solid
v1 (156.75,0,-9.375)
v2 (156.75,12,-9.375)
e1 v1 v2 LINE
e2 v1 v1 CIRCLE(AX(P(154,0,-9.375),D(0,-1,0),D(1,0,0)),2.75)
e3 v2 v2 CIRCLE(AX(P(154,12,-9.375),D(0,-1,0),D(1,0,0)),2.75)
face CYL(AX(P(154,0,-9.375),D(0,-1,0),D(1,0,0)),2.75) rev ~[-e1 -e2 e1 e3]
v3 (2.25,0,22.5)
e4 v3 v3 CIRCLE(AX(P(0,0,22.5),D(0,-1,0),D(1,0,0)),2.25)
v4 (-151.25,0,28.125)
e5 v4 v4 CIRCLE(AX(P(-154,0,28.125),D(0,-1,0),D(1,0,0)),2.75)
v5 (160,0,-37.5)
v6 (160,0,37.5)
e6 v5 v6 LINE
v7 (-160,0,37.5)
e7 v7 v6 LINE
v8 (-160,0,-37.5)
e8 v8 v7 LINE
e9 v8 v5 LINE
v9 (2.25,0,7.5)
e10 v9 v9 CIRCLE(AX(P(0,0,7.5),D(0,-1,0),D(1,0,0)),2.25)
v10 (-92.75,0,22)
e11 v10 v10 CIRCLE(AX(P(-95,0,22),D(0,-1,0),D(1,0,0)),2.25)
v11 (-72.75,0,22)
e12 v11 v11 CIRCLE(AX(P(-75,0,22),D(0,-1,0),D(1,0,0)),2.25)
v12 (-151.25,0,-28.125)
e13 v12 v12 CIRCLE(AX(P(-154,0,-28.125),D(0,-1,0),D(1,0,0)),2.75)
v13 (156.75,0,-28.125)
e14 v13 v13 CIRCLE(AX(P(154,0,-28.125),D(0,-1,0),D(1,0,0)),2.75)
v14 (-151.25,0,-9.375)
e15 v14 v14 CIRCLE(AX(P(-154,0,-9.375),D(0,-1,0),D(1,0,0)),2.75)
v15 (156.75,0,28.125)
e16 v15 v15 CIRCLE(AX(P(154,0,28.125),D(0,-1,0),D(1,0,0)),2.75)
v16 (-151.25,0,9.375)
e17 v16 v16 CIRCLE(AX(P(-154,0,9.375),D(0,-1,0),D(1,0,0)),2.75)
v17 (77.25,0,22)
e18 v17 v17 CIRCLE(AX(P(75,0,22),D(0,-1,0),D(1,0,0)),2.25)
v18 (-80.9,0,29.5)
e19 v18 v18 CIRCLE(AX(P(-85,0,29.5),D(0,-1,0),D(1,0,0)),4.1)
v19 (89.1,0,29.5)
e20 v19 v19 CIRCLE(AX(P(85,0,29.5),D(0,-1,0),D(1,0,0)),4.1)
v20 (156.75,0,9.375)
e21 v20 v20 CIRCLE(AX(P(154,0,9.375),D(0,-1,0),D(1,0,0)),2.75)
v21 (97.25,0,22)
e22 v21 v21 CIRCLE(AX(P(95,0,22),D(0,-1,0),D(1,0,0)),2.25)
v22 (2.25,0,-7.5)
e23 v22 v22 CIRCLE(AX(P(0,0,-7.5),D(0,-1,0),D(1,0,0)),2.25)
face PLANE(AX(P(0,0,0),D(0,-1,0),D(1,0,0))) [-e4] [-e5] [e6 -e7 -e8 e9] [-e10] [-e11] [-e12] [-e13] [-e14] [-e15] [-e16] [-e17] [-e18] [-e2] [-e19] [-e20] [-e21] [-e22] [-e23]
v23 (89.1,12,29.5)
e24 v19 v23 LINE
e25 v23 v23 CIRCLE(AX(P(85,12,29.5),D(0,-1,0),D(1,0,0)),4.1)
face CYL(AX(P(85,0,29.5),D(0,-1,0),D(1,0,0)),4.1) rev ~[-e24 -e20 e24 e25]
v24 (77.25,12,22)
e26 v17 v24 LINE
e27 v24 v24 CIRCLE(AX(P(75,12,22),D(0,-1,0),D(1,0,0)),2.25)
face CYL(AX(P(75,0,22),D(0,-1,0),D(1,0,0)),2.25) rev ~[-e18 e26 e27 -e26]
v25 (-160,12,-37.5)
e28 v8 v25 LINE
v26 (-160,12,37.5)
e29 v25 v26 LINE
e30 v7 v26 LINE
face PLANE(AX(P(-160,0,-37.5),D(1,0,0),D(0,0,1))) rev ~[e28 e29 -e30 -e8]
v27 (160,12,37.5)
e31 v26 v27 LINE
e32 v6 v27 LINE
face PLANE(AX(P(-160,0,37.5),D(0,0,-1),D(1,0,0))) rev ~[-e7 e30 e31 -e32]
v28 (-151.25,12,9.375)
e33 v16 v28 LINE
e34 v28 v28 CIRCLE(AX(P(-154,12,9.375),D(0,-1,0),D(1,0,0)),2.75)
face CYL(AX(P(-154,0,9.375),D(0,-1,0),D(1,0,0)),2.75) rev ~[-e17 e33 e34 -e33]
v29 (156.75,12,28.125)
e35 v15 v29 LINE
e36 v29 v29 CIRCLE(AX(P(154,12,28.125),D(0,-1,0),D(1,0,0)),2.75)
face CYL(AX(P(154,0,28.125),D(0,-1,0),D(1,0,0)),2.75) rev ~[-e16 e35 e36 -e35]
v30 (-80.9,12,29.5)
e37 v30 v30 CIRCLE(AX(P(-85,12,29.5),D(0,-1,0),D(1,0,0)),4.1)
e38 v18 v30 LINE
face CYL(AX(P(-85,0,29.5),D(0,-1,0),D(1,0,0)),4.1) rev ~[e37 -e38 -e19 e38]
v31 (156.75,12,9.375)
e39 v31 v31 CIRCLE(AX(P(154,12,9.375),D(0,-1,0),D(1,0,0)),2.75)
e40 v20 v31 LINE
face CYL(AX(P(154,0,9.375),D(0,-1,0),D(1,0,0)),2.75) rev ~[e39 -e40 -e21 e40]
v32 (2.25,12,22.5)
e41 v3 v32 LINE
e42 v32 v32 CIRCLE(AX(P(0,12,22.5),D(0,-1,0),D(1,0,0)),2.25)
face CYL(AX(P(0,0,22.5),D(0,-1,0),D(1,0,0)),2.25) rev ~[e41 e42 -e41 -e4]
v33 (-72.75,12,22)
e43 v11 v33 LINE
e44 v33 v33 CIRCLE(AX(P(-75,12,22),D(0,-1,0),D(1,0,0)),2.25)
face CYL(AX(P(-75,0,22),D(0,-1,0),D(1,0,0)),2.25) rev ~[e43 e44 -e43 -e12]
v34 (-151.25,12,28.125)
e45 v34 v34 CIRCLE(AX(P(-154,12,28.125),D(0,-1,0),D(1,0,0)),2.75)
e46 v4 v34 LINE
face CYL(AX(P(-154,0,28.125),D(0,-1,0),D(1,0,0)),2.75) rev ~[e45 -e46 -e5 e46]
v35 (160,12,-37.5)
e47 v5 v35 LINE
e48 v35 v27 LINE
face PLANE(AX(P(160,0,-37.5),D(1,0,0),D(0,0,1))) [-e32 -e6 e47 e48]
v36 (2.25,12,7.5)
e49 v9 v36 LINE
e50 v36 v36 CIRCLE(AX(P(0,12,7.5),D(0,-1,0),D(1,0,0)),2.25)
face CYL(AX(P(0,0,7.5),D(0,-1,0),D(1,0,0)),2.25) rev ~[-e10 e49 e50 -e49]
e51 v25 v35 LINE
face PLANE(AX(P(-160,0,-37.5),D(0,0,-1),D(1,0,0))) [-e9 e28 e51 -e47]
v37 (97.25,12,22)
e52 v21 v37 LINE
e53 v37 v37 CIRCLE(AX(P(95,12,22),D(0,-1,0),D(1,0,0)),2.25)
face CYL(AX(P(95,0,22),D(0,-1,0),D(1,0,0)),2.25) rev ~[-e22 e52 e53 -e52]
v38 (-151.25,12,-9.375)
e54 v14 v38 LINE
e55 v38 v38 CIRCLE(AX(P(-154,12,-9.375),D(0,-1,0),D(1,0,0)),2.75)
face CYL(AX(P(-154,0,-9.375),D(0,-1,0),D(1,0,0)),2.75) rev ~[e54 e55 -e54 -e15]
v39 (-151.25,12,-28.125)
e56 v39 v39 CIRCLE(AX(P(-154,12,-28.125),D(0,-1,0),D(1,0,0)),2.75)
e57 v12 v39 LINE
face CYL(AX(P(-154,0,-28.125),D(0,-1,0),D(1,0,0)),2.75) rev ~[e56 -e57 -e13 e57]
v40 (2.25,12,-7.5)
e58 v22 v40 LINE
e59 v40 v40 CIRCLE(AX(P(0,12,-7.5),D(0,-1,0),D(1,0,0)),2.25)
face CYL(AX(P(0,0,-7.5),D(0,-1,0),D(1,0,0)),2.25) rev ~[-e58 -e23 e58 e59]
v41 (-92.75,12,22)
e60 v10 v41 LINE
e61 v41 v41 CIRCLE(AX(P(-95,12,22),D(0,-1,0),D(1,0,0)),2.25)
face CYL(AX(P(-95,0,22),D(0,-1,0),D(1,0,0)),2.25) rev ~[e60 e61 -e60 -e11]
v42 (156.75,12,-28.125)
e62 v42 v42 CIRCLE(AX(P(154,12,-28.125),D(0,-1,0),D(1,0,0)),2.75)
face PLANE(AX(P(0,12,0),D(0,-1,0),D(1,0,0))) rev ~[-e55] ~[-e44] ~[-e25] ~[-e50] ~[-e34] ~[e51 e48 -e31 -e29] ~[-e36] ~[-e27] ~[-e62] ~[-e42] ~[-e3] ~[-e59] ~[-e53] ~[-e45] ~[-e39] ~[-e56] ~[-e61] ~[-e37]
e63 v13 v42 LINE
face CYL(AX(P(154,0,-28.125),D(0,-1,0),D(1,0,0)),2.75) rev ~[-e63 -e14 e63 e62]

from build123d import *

# Parameters (mm, degrees)
F0_W     = 320
F0_H     = 75
F0_R     = 2.75
F0_R_2   = 2.25
F0_R_3   = 4.1
F1_DEPTH = 12


with BuildPart() as f1:
    # F0 (on Front) → F1 (new body)
    with BuildSketch(Plane.XZ):
        Rectangle(F0_W, F0_H)
        with Locations((-154, -28.125)):
            Circle(F0_R, mode=Mode.SUBTRACT)
        with Locations((-154, -9.375)):
            Circle(F0_R, mode=Mode.SUBTRACT)
        with Locations((154, -28.125)):
            Circle(F0_R, mode=Mode.SUBTRACT)
        with Locations((0, -7.5)):
            Circle(F0_R_2, mode=Mode.SUBTRACT)
        with Locations((154, -9.375)):
            Circle(F0_R, mode=Mode.SUBTRACT)
        with Locations((-154, 9.375)):
            Circle(F0_R, mode=Mode.SUBTRACT)
        with Locations((-95, 22)):
            Circle(F0_R_2, mode=Mode.SUBTRACT)
        with Locations((-154, 28.125)):
            Circle(F0_R, mode=Mode.SUBTRACT)
        with Locations((-85, 29.5)):
            Circle(F0_R_3, mode=Mode.SUBTRACT)
        with Locations((-75, 22)):
            Circle(F0_R_2, mode=Mode.SUBTRACT)
        with Locations((0, 7.5)):
            Circle(F0_R_2, mode=Mode.SUBTRACT)
        with Locations((154, 9.375)):
            Circle(F0_R, mode=Mode.SUBTRACT)
        with Locations((0, 22.5)):
            Circle(F0_R_2, mode=Mode.SUBTRACT)
        with Locations((75, 22)):
            Circle(F0_R_2, mode=Mode.SUBTRACT)
        with Locations((95, 22)):
            Circle(F0_R_2, mode=Mode.SUBTRACT)
        with Locations((85, 29.5)):
            Circle(F0_R_3, mode=Mode.SUBTRACT)
        with Locations((154, 28.125)):
            Circle(F0_R, mode=Mode.SUBTRACT)
    extrude(amount=-F1_DEPTH)


solid = f1.part
